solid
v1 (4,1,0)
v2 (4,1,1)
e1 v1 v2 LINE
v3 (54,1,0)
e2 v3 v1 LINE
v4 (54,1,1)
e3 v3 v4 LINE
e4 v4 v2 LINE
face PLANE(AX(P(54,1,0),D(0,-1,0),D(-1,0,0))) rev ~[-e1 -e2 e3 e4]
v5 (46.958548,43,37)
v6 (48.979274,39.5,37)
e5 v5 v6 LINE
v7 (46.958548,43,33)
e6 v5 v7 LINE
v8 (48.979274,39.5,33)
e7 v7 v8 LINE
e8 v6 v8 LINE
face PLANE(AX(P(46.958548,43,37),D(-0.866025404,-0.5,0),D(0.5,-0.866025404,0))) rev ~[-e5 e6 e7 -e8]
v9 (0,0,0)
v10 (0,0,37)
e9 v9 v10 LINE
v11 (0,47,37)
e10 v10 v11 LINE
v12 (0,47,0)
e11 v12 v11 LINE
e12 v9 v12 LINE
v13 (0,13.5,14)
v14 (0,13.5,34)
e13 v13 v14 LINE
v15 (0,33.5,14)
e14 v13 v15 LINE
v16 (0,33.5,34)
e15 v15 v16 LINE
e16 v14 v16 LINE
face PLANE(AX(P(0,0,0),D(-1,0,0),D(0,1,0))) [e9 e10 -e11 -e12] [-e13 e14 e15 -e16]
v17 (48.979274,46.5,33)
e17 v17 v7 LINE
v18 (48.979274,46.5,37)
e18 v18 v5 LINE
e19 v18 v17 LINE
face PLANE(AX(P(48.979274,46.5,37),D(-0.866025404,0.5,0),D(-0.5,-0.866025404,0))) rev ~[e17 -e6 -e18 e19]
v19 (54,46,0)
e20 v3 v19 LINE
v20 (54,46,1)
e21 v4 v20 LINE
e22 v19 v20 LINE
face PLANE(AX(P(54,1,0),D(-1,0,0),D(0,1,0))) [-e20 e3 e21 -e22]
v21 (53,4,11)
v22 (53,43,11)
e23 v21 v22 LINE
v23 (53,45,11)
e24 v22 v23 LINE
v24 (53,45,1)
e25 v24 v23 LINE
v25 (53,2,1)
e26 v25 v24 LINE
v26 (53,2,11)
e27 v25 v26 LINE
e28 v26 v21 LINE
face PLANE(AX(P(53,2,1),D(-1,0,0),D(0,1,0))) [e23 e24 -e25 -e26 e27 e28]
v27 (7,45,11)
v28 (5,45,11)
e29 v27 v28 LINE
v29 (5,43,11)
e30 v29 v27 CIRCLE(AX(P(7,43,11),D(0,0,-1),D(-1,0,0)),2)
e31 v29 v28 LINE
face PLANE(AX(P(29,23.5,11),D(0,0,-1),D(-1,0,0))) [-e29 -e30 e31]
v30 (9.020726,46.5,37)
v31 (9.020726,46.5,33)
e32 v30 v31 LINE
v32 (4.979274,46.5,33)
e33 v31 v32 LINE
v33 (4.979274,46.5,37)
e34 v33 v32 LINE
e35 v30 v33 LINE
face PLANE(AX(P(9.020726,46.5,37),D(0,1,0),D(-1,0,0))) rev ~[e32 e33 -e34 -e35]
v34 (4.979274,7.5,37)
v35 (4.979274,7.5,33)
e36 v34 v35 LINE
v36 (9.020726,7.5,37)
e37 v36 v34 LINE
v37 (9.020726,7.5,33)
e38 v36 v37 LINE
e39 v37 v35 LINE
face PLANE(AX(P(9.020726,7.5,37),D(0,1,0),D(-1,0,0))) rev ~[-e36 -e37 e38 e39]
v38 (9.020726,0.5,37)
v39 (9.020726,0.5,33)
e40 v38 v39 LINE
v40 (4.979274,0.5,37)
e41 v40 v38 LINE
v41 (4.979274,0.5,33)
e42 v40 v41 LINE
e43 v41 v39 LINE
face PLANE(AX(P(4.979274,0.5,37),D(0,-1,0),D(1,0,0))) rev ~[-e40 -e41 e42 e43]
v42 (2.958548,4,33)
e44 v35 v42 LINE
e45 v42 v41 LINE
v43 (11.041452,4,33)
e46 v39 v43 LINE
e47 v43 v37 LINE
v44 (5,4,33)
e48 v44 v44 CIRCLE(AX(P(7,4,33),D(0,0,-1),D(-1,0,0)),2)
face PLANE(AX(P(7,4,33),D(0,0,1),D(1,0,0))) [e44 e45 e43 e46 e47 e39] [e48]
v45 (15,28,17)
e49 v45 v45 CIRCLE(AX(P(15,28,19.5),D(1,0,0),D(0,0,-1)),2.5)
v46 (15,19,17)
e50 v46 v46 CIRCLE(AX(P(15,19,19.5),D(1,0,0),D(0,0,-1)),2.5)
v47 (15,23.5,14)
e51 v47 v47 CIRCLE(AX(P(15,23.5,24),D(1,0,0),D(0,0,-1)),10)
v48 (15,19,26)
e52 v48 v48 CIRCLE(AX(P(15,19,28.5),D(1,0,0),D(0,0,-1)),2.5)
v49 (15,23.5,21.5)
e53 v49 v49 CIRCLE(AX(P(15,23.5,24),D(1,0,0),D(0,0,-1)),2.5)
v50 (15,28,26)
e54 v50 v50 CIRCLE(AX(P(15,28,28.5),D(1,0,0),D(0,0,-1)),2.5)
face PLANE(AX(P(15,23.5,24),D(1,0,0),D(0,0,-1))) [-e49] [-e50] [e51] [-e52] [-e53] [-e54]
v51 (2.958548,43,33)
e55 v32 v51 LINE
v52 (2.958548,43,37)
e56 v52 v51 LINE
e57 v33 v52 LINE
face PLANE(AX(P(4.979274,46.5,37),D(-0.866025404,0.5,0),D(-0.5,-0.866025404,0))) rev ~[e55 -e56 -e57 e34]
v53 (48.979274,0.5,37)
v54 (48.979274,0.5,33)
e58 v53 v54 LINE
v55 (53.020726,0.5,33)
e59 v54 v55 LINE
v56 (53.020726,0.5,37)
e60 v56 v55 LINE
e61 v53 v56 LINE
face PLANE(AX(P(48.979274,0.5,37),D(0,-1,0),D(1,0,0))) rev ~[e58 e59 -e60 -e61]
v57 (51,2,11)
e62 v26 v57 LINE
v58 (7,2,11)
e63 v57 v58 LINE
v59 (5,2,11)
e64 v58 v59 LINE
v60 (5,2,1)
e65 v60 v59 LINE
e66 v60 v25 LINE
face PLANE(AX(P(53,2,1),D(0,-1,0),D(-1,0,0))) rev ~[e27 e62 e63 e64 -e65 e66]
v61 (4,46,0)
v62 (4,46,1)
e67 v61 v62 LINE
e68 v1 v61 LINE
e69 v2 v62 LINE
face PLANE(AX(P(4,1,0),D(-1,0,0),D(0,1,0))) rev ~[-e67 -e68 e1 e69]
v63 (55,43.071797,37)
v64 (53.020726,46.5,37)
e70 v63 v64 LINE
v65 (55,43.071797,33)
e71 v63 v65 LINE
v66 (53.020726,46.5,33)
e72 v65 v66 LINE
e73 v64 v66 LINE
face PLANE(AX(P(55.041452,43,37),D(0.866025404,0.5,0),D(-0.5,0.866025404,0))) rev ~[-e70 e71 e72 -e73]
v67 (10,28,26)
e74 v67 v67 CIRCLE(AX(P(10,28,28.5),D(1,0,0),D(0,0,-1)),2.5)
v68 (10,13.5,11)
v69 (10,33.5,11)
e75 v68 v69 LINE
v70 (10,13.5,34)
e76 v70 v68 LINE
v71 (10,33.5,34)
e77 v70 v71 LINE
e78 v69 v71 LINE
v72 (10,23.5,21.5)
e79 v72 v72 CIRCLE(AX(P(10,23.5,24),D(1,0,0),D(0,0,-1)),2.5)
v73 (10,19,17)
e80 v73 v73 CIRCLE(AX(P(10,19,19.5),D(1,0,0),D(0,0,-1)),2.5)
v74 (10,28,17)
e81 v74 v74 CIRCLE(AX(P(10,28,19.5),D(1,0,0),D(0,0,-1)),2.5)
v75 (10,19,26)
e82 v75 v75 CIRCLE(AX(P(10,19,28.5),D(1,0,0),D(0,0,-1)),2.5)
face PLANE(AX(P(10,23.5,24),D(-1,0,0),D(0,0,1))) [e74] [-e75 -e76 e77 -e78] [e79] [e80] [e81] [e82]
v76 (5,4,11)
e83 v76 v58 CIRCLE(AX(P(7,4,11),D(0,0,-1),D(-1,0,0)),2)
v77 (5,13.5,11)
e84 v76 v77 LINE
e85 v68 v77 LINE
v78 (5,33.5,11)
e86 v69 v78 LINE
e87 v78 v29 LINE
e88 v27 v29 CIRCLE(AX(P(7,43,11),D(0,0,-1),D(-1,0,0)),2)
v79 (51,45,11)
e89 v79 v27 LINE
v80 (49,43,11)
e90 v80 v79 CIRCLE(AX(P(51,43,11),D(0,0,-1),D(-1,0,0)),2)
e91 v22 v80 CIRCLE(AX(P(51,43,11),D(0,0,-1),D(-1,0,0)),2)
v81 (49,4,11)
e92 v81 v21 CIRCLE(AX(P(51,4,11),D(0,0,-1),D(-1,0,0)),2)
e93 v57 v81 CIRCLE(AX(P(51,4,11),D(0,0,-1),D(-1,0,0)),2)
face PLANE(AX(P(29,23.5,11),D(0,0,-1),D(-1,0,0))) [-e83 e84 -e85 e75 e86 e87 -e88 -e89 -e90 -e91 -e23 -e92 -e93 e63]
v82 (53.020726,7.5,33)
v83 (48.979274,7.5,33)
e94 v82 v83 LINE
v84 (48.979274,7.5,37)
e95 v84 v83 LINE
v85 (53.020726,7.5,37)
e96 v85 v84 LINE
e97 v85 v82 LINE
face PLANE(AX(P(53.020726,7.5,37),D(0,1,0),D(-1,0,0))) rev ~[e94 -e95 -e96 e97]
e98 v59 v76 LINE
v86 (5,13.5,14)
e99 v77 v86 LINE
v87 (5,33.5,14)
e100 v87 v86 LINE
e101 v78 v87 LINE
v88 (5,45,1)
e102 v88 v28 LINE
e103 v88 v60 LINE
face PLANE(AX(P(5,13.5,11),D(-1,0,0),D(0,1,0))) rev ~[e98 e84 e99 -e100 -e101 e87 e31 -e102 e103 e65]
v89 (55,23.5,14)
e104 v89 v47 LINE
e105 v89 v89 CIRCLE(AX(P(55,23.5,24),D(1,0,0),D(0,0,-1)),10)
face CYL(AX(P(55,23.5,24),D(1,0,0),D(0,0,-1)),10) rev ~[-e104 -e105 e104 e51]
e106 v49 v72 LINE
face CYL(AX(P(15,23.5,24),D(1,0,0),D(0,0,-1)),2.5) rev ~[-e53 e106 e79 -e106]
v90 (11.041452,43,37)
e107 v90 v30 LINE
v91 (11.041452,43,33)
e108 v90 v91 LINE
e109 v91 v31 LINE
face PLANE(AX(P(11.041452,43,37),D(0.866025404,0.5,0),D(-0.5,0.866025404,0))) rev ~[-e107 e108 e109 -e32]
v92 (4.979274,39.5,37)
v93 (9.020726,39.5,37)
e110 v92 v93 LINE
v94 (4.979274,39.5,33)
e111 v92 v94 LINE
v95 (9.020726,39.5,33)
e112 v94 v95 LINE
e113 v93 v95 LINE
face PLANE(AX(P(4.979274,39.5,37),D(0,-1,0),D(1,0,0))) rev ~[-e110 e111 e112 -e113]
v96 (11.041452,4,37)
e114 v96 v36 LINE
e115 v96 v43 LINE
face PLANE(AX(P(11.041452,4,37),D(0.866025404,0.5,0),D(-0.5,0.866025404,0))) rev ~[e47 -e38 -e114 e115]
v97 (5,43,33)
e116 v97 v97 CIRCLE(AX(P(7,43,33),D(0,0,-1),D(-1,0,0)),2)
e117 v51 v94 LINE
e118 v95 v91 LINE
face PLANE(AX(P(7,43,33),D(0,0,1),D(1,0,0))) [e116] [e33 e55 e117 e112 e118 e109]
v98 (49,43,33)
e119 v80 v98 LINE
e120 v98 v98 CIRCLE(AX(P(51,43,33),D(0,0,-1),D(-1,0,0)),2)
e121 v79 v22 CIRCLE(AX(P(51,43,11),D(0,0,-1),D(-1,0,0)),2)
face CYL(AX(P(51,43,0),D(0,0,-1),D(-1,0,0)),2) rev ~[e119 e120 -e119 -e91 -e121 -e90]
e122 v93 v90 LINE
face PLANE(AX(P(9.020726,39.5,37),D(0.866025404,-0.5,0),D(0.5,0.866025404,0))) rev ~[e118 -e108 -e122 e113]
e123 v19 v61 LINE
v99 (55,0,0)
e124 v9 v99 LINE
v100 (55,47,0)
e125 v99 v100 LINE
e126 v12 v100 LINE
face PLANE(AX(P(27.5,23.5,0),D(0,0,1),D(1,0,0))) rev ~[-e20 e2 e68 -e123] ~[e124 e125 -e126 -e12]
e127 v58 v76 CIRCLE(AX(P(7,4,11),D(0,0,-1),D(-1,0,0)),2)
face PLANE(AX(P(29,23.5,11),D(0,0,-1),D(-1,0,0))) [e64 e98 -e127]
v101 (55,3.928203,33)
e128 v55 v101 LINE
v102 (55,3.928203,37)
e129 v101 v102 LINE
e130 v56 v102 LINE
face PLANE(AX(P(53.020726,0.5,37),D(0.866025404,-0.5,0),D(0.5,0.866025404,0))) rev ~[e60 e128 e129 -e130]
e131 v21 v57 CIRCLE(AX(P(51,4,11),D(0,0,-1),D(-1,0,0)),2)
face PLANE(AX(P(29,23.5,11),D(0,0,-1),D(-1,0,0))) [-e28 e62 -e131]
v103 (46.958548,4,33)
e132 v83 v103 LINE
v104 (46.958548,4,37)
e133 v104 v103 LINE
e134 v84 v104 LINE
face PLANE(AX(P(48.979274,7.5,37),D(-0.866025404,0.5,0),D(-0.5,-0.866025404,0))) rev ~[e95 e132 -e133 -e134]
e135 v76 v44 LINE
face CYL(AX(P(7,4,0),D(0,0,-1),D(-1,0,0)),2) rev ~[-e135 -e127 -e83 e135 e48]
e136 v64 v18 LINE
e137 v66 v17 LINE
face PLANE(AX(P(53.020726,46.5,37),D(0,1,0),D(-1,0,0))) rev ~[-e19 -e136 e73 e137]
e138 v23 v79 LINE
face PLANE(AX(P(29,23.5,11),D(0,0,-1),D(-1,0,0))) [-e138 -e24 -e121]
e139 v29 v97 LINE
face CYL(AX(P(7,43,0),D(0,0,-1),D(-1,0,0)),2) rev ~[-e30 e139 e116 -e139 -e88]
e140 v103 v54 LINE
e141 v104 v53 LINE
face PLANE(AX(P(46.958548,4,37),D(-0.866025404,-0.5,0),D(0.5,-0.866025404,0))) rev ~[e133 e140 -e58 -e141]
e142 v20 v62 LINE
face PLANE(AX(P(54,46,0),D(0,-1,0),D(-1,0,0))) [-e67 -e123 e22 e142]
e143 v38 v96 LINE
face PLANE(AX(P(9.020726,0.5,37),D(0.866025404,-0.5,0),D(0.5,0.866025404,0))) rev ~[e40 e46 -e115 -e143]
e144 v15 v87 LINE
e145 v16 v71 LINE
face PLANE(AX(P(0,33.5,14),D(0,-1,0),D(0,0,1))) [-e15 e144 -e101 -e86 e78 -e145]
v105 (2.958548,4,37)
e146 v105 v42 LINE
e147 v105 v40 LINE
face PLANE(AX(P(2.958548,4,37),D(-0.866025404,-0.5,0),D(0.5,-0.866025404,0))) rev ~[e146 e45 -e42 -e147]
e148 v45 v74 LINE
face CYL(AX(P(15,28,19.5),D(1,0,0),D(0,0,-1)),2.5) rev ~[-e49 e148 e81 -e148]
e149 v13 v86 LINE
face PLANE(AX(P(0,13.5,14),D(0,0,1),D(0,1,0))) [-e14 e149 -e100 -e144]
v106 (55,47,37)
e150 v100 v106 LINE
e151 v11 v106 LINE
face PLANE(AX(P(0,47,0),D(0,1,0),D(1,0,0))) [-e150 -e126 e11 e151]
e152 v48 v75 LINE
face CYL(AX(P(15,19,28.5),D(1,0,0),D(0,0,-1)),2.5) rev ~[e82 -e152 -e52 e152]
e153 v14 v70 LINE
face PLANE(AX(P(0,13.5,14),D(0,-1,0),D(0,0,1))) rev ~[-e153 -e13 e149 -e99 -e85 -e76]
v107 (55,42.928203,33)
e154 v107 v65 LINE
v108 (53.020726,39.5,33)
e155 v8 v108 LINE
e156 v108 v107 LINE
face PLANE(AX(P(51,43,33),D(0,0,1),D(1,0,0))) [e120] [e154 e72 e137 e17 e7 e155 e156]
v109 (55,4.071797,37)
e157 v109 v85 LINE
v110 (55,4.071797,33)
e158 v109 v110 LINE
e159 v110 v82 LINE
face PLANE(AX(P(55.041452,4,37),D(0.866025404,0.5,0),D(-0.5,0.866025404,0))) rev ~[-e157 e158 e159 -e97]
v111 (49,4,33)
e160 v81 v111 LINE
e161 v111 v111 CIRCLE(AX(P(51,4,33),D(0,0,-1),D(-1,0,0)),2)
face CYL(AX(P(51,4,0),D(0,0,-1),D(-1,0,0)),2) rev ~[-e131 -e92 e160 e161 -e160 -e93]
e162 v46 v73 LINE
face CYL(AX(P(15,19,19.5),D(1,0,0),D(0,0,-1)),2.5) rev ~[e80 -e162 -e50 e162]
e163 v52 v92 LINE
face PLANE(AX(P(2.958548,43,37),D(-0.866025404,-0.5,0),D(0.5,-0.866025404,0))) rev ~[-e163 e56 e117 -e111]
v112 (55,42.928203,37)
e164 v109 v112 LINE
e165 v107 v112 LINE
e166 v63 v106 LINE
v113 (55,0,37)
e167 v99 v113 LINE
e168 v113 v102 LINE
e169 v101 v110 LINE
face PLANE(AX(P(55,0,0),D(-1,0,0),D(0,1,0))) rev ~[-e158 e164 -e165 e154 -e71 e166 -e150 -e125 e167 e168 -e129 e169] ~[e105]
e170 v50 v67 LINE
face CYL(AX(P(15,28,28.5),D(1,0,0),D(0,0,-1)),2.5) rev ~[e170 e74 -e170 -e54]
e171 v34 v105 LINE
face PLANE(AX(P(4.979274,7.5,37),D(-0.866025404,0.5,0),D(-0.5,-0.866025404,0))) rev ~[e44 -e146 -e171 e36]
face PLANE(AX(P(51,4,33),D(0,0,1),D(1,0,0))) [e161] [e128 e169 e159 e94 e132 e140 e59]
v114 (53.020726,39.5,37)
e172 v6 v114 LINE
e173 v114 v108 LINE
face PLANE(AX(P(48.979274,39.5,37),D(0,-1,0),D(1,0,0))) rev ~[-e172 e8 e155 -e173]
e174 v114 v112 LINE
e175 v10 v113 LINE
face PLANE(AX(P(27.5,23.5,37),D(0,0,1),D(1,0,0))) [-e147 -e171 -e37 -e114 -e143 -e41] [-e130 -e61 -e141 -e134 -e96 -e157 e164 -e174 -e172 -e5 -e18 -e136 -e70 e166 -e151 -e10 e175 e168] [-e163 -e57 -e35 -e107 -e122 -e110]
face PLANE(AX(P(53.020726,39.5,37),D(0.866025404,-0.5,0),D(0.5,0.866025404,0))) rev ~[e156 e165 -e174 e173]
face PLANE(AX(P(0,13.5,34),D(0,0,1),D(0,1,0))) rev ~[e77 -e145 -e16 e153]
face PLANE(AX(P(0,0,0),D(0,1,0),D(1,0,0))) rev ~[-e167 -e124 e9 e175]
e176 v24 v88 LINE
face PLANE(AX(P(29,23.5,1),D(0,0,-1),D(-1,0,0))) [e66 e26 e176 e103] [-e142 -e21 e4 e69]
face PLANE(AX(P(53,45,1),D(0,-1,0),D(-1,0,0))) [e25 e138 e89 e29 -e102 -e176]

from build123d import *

# Parameters (mm, degrees)
ESQUISSE1_W             = 55
ESQUISSE1_H             = 47
BOSS_EXTRU_1_DEPTH      = 37
ESQUISSE2_R             = 2
ENL_V_MAT_EXTRU_1_DEPTH = 82.258845672
ESQUISSE3_W             = 50
ESQUISSE3_H             = 45
ENL_V_MAT_EXTRU_2_DEPTH = 1
ESQUISSE4_W             = 48
ESQUISSE4_H             = 43
ENL_V_MAT_EXTRU_3_DEPTH = 10
ESQUISSE5_R             = 10
ENL_V_MAT_EXTRU_4_DEPTH = 40
ESQUISSE6_W             = 20
ESQUISSE6_H             = 20
ENL_V_MAT_EXTRU_5_DEPTH = 10
ESQUISSE7_W             = 5
ESQUISSE7_H             = 20
ENL_V_MAT_EXTRU_6_DEPTH = 4
ESQUISSE10_R            = 2.5
ENL_V_MAT_EXTRU_7_DEPTH = 72.95832127
ENL_V_MAT_EXTRU_8_DEPTH = 4


with BuildPart() as part:
    # Esquisse1 → Boss.-Extru.1 (new body)
    with BuildSketch(Plane.XY):
        with Locations((27.5, 23.5)):
            Rectangle(ESQUISSE1_W, ESQUISSE1_H)
    extrude(amount=BOSS_EXTRU_1_DEPTH)

    # Esquisse2 → Enlèv. mat.-Extru.1 (cut, through all)
    with BuildSketch(Plane(origin=(0, 0, 0), x_dir=(-1, 0, 0), z_dir=(0, 0, -1))):
        with Locations((-51, 43)):
            Circle(ESQUISSE2_R)
        with Locations((-7, 43)):
            Circle(ESQUISSE2_R)
        with Locations((-7, 4)):
            Circle(ESQUISSE2_R)
        with Locations((-51, 4)):
            Circle(ESQUISSE2_R)
    extrude(amount=-ENL_V_MAT_EXTRU_1_DEPTH, mode=Mode.SUBTRACT)

    # Esquisse3 → Enlèv. mat.-Extru.2 (cut)
    with BuildSketch(Plane(origin=(0, 0, 0), x_dir=(-1, 0, 0), z_dir=(0, 0, -1))):
        with Locations((-29, 23.5)):
            Rectangle(ESQUISSE3_W, ESQUISSE3_H)
    extrude(amount=-ENL_V_MAT_EXTRU_2_DEPTH, mode=Mode.SUBTRACT)

    # Esquisse4 → Enlèv. mat.-Extru.3 (cut)
    with BuildSketch(Plane(origin=(0, 0, 1), x_dir=(-1, 0, 0), z_dir=(0, 0, -1))):
        with Locations((-29, 23.5)):
            Rectangle(ESQUISSE4_W, ESQUISSE4_H)
    extrude(amount=-ENL_V_MAT_EXTRU_3_DEPTH, mode=Mode.SUBTRACT)

    # Esquisse5 → Enlèv. mat.-Extru.4 (cut)
    with BuildSketch(Plane(origin=(55, 0, 0), x_dir=(0, 0, -1), z_dir=(1, 0, 0))):
        with Locations((-24, 23.5)):
            Circle(ESQUISSE5_R)
    extrude(amount=-ENL_V_MAT_EXTRU_4_DEPTH, mode=Mode.SUBTRACT)

    # Esquisse6 → Enlèv. mat.-Extru.5 (cut)
    with BuildSketch(Plane.ZY):
        with Locations((24, 23.5)):
            Rectangle(ESQUISSE6_W, ESQUISSE6_H)
    extrude(amount=-ENL_V_MAT_EXTRU_5_DEPTH, mode=Mode.SUBTRACT)

    # Esquisse7 → Enlèv. mat.-Extru.6 (cut)
    with BuildSketch(Plane(origin=(0, 0, 11), x_dir=(-1, 0, 0), z_dir=(0, 0, -1))):
        with Locations((-7.5, 23.5)):
            Rectangle(ESQUISSE7_W, ESQUISSE7_H)
    extrude(amount=-ENL_V_MAT_EXTRU_6_DEPTH, mode=Mode.SUBTRACT)

    # Esquisse10 → Enlèv. mat.-Extru.7 (cut, through all)
    with BuildSketch(Plane(origin=(15, 0, 0), x_dir=(0, 0, -1), z_dir=(1, 0, 0))):
        with Locations((-24, 23.5)):
            Circle(ESQUISSE10_R)
        with Locations((-19.5, 28)):
            Circle(ESQUISSE10_R)
        with Locations((-19.5, 19)):
            Circle(ESQUISSE10_R)
        with Locations((-28.5, 19)):
            Circle(ESQUISSE10_R)
        with Locations((-28.5, 28)):
            Circle(ESQUISSE10_R)
    extrude(amount=-ENL_V_MAT_EXTRU_7_DEPTH, mode=Mode.SUBTRACT)

    # Esquisse11 → Enlèv. mat.-Extru.8 (cut)
    with BuildSketch(Plane.XY.offset(37)):
        Polygon((11.041451884, 43), (9.020725942, 46.5), (4.979274058, 46.5), (2.958548116, 43), (4.979274058, 39.5), (9.020725942, 39.5), align=None)
        Polygon((46.958548116, 43), (48.979274058, 39.5), (53.020725942, 39.5), (55.041451884, 43), (53.020725942, 46.5), (48.979274058, 46.5), align=None)
        Polygon((46.958548116, 4), (48.979274058, 0.5), (53.020725942, 0.5), (55.041451884, 4), (53.020725942, 7.5), (48.979274058, 7.5), align=None)
        Polygon((11.041451884, 4), (9.020725942, 7.5), (4.979274058, 7.5), (2.958548116, 4), (4.979274058, 0.5), (9.020725942, 0.5), align=None)
    extrude(amount=-ENL_V_MAT_EXTRU_8_DEPTH, mode=Mode.SUBTRACT)


solid = part.part
